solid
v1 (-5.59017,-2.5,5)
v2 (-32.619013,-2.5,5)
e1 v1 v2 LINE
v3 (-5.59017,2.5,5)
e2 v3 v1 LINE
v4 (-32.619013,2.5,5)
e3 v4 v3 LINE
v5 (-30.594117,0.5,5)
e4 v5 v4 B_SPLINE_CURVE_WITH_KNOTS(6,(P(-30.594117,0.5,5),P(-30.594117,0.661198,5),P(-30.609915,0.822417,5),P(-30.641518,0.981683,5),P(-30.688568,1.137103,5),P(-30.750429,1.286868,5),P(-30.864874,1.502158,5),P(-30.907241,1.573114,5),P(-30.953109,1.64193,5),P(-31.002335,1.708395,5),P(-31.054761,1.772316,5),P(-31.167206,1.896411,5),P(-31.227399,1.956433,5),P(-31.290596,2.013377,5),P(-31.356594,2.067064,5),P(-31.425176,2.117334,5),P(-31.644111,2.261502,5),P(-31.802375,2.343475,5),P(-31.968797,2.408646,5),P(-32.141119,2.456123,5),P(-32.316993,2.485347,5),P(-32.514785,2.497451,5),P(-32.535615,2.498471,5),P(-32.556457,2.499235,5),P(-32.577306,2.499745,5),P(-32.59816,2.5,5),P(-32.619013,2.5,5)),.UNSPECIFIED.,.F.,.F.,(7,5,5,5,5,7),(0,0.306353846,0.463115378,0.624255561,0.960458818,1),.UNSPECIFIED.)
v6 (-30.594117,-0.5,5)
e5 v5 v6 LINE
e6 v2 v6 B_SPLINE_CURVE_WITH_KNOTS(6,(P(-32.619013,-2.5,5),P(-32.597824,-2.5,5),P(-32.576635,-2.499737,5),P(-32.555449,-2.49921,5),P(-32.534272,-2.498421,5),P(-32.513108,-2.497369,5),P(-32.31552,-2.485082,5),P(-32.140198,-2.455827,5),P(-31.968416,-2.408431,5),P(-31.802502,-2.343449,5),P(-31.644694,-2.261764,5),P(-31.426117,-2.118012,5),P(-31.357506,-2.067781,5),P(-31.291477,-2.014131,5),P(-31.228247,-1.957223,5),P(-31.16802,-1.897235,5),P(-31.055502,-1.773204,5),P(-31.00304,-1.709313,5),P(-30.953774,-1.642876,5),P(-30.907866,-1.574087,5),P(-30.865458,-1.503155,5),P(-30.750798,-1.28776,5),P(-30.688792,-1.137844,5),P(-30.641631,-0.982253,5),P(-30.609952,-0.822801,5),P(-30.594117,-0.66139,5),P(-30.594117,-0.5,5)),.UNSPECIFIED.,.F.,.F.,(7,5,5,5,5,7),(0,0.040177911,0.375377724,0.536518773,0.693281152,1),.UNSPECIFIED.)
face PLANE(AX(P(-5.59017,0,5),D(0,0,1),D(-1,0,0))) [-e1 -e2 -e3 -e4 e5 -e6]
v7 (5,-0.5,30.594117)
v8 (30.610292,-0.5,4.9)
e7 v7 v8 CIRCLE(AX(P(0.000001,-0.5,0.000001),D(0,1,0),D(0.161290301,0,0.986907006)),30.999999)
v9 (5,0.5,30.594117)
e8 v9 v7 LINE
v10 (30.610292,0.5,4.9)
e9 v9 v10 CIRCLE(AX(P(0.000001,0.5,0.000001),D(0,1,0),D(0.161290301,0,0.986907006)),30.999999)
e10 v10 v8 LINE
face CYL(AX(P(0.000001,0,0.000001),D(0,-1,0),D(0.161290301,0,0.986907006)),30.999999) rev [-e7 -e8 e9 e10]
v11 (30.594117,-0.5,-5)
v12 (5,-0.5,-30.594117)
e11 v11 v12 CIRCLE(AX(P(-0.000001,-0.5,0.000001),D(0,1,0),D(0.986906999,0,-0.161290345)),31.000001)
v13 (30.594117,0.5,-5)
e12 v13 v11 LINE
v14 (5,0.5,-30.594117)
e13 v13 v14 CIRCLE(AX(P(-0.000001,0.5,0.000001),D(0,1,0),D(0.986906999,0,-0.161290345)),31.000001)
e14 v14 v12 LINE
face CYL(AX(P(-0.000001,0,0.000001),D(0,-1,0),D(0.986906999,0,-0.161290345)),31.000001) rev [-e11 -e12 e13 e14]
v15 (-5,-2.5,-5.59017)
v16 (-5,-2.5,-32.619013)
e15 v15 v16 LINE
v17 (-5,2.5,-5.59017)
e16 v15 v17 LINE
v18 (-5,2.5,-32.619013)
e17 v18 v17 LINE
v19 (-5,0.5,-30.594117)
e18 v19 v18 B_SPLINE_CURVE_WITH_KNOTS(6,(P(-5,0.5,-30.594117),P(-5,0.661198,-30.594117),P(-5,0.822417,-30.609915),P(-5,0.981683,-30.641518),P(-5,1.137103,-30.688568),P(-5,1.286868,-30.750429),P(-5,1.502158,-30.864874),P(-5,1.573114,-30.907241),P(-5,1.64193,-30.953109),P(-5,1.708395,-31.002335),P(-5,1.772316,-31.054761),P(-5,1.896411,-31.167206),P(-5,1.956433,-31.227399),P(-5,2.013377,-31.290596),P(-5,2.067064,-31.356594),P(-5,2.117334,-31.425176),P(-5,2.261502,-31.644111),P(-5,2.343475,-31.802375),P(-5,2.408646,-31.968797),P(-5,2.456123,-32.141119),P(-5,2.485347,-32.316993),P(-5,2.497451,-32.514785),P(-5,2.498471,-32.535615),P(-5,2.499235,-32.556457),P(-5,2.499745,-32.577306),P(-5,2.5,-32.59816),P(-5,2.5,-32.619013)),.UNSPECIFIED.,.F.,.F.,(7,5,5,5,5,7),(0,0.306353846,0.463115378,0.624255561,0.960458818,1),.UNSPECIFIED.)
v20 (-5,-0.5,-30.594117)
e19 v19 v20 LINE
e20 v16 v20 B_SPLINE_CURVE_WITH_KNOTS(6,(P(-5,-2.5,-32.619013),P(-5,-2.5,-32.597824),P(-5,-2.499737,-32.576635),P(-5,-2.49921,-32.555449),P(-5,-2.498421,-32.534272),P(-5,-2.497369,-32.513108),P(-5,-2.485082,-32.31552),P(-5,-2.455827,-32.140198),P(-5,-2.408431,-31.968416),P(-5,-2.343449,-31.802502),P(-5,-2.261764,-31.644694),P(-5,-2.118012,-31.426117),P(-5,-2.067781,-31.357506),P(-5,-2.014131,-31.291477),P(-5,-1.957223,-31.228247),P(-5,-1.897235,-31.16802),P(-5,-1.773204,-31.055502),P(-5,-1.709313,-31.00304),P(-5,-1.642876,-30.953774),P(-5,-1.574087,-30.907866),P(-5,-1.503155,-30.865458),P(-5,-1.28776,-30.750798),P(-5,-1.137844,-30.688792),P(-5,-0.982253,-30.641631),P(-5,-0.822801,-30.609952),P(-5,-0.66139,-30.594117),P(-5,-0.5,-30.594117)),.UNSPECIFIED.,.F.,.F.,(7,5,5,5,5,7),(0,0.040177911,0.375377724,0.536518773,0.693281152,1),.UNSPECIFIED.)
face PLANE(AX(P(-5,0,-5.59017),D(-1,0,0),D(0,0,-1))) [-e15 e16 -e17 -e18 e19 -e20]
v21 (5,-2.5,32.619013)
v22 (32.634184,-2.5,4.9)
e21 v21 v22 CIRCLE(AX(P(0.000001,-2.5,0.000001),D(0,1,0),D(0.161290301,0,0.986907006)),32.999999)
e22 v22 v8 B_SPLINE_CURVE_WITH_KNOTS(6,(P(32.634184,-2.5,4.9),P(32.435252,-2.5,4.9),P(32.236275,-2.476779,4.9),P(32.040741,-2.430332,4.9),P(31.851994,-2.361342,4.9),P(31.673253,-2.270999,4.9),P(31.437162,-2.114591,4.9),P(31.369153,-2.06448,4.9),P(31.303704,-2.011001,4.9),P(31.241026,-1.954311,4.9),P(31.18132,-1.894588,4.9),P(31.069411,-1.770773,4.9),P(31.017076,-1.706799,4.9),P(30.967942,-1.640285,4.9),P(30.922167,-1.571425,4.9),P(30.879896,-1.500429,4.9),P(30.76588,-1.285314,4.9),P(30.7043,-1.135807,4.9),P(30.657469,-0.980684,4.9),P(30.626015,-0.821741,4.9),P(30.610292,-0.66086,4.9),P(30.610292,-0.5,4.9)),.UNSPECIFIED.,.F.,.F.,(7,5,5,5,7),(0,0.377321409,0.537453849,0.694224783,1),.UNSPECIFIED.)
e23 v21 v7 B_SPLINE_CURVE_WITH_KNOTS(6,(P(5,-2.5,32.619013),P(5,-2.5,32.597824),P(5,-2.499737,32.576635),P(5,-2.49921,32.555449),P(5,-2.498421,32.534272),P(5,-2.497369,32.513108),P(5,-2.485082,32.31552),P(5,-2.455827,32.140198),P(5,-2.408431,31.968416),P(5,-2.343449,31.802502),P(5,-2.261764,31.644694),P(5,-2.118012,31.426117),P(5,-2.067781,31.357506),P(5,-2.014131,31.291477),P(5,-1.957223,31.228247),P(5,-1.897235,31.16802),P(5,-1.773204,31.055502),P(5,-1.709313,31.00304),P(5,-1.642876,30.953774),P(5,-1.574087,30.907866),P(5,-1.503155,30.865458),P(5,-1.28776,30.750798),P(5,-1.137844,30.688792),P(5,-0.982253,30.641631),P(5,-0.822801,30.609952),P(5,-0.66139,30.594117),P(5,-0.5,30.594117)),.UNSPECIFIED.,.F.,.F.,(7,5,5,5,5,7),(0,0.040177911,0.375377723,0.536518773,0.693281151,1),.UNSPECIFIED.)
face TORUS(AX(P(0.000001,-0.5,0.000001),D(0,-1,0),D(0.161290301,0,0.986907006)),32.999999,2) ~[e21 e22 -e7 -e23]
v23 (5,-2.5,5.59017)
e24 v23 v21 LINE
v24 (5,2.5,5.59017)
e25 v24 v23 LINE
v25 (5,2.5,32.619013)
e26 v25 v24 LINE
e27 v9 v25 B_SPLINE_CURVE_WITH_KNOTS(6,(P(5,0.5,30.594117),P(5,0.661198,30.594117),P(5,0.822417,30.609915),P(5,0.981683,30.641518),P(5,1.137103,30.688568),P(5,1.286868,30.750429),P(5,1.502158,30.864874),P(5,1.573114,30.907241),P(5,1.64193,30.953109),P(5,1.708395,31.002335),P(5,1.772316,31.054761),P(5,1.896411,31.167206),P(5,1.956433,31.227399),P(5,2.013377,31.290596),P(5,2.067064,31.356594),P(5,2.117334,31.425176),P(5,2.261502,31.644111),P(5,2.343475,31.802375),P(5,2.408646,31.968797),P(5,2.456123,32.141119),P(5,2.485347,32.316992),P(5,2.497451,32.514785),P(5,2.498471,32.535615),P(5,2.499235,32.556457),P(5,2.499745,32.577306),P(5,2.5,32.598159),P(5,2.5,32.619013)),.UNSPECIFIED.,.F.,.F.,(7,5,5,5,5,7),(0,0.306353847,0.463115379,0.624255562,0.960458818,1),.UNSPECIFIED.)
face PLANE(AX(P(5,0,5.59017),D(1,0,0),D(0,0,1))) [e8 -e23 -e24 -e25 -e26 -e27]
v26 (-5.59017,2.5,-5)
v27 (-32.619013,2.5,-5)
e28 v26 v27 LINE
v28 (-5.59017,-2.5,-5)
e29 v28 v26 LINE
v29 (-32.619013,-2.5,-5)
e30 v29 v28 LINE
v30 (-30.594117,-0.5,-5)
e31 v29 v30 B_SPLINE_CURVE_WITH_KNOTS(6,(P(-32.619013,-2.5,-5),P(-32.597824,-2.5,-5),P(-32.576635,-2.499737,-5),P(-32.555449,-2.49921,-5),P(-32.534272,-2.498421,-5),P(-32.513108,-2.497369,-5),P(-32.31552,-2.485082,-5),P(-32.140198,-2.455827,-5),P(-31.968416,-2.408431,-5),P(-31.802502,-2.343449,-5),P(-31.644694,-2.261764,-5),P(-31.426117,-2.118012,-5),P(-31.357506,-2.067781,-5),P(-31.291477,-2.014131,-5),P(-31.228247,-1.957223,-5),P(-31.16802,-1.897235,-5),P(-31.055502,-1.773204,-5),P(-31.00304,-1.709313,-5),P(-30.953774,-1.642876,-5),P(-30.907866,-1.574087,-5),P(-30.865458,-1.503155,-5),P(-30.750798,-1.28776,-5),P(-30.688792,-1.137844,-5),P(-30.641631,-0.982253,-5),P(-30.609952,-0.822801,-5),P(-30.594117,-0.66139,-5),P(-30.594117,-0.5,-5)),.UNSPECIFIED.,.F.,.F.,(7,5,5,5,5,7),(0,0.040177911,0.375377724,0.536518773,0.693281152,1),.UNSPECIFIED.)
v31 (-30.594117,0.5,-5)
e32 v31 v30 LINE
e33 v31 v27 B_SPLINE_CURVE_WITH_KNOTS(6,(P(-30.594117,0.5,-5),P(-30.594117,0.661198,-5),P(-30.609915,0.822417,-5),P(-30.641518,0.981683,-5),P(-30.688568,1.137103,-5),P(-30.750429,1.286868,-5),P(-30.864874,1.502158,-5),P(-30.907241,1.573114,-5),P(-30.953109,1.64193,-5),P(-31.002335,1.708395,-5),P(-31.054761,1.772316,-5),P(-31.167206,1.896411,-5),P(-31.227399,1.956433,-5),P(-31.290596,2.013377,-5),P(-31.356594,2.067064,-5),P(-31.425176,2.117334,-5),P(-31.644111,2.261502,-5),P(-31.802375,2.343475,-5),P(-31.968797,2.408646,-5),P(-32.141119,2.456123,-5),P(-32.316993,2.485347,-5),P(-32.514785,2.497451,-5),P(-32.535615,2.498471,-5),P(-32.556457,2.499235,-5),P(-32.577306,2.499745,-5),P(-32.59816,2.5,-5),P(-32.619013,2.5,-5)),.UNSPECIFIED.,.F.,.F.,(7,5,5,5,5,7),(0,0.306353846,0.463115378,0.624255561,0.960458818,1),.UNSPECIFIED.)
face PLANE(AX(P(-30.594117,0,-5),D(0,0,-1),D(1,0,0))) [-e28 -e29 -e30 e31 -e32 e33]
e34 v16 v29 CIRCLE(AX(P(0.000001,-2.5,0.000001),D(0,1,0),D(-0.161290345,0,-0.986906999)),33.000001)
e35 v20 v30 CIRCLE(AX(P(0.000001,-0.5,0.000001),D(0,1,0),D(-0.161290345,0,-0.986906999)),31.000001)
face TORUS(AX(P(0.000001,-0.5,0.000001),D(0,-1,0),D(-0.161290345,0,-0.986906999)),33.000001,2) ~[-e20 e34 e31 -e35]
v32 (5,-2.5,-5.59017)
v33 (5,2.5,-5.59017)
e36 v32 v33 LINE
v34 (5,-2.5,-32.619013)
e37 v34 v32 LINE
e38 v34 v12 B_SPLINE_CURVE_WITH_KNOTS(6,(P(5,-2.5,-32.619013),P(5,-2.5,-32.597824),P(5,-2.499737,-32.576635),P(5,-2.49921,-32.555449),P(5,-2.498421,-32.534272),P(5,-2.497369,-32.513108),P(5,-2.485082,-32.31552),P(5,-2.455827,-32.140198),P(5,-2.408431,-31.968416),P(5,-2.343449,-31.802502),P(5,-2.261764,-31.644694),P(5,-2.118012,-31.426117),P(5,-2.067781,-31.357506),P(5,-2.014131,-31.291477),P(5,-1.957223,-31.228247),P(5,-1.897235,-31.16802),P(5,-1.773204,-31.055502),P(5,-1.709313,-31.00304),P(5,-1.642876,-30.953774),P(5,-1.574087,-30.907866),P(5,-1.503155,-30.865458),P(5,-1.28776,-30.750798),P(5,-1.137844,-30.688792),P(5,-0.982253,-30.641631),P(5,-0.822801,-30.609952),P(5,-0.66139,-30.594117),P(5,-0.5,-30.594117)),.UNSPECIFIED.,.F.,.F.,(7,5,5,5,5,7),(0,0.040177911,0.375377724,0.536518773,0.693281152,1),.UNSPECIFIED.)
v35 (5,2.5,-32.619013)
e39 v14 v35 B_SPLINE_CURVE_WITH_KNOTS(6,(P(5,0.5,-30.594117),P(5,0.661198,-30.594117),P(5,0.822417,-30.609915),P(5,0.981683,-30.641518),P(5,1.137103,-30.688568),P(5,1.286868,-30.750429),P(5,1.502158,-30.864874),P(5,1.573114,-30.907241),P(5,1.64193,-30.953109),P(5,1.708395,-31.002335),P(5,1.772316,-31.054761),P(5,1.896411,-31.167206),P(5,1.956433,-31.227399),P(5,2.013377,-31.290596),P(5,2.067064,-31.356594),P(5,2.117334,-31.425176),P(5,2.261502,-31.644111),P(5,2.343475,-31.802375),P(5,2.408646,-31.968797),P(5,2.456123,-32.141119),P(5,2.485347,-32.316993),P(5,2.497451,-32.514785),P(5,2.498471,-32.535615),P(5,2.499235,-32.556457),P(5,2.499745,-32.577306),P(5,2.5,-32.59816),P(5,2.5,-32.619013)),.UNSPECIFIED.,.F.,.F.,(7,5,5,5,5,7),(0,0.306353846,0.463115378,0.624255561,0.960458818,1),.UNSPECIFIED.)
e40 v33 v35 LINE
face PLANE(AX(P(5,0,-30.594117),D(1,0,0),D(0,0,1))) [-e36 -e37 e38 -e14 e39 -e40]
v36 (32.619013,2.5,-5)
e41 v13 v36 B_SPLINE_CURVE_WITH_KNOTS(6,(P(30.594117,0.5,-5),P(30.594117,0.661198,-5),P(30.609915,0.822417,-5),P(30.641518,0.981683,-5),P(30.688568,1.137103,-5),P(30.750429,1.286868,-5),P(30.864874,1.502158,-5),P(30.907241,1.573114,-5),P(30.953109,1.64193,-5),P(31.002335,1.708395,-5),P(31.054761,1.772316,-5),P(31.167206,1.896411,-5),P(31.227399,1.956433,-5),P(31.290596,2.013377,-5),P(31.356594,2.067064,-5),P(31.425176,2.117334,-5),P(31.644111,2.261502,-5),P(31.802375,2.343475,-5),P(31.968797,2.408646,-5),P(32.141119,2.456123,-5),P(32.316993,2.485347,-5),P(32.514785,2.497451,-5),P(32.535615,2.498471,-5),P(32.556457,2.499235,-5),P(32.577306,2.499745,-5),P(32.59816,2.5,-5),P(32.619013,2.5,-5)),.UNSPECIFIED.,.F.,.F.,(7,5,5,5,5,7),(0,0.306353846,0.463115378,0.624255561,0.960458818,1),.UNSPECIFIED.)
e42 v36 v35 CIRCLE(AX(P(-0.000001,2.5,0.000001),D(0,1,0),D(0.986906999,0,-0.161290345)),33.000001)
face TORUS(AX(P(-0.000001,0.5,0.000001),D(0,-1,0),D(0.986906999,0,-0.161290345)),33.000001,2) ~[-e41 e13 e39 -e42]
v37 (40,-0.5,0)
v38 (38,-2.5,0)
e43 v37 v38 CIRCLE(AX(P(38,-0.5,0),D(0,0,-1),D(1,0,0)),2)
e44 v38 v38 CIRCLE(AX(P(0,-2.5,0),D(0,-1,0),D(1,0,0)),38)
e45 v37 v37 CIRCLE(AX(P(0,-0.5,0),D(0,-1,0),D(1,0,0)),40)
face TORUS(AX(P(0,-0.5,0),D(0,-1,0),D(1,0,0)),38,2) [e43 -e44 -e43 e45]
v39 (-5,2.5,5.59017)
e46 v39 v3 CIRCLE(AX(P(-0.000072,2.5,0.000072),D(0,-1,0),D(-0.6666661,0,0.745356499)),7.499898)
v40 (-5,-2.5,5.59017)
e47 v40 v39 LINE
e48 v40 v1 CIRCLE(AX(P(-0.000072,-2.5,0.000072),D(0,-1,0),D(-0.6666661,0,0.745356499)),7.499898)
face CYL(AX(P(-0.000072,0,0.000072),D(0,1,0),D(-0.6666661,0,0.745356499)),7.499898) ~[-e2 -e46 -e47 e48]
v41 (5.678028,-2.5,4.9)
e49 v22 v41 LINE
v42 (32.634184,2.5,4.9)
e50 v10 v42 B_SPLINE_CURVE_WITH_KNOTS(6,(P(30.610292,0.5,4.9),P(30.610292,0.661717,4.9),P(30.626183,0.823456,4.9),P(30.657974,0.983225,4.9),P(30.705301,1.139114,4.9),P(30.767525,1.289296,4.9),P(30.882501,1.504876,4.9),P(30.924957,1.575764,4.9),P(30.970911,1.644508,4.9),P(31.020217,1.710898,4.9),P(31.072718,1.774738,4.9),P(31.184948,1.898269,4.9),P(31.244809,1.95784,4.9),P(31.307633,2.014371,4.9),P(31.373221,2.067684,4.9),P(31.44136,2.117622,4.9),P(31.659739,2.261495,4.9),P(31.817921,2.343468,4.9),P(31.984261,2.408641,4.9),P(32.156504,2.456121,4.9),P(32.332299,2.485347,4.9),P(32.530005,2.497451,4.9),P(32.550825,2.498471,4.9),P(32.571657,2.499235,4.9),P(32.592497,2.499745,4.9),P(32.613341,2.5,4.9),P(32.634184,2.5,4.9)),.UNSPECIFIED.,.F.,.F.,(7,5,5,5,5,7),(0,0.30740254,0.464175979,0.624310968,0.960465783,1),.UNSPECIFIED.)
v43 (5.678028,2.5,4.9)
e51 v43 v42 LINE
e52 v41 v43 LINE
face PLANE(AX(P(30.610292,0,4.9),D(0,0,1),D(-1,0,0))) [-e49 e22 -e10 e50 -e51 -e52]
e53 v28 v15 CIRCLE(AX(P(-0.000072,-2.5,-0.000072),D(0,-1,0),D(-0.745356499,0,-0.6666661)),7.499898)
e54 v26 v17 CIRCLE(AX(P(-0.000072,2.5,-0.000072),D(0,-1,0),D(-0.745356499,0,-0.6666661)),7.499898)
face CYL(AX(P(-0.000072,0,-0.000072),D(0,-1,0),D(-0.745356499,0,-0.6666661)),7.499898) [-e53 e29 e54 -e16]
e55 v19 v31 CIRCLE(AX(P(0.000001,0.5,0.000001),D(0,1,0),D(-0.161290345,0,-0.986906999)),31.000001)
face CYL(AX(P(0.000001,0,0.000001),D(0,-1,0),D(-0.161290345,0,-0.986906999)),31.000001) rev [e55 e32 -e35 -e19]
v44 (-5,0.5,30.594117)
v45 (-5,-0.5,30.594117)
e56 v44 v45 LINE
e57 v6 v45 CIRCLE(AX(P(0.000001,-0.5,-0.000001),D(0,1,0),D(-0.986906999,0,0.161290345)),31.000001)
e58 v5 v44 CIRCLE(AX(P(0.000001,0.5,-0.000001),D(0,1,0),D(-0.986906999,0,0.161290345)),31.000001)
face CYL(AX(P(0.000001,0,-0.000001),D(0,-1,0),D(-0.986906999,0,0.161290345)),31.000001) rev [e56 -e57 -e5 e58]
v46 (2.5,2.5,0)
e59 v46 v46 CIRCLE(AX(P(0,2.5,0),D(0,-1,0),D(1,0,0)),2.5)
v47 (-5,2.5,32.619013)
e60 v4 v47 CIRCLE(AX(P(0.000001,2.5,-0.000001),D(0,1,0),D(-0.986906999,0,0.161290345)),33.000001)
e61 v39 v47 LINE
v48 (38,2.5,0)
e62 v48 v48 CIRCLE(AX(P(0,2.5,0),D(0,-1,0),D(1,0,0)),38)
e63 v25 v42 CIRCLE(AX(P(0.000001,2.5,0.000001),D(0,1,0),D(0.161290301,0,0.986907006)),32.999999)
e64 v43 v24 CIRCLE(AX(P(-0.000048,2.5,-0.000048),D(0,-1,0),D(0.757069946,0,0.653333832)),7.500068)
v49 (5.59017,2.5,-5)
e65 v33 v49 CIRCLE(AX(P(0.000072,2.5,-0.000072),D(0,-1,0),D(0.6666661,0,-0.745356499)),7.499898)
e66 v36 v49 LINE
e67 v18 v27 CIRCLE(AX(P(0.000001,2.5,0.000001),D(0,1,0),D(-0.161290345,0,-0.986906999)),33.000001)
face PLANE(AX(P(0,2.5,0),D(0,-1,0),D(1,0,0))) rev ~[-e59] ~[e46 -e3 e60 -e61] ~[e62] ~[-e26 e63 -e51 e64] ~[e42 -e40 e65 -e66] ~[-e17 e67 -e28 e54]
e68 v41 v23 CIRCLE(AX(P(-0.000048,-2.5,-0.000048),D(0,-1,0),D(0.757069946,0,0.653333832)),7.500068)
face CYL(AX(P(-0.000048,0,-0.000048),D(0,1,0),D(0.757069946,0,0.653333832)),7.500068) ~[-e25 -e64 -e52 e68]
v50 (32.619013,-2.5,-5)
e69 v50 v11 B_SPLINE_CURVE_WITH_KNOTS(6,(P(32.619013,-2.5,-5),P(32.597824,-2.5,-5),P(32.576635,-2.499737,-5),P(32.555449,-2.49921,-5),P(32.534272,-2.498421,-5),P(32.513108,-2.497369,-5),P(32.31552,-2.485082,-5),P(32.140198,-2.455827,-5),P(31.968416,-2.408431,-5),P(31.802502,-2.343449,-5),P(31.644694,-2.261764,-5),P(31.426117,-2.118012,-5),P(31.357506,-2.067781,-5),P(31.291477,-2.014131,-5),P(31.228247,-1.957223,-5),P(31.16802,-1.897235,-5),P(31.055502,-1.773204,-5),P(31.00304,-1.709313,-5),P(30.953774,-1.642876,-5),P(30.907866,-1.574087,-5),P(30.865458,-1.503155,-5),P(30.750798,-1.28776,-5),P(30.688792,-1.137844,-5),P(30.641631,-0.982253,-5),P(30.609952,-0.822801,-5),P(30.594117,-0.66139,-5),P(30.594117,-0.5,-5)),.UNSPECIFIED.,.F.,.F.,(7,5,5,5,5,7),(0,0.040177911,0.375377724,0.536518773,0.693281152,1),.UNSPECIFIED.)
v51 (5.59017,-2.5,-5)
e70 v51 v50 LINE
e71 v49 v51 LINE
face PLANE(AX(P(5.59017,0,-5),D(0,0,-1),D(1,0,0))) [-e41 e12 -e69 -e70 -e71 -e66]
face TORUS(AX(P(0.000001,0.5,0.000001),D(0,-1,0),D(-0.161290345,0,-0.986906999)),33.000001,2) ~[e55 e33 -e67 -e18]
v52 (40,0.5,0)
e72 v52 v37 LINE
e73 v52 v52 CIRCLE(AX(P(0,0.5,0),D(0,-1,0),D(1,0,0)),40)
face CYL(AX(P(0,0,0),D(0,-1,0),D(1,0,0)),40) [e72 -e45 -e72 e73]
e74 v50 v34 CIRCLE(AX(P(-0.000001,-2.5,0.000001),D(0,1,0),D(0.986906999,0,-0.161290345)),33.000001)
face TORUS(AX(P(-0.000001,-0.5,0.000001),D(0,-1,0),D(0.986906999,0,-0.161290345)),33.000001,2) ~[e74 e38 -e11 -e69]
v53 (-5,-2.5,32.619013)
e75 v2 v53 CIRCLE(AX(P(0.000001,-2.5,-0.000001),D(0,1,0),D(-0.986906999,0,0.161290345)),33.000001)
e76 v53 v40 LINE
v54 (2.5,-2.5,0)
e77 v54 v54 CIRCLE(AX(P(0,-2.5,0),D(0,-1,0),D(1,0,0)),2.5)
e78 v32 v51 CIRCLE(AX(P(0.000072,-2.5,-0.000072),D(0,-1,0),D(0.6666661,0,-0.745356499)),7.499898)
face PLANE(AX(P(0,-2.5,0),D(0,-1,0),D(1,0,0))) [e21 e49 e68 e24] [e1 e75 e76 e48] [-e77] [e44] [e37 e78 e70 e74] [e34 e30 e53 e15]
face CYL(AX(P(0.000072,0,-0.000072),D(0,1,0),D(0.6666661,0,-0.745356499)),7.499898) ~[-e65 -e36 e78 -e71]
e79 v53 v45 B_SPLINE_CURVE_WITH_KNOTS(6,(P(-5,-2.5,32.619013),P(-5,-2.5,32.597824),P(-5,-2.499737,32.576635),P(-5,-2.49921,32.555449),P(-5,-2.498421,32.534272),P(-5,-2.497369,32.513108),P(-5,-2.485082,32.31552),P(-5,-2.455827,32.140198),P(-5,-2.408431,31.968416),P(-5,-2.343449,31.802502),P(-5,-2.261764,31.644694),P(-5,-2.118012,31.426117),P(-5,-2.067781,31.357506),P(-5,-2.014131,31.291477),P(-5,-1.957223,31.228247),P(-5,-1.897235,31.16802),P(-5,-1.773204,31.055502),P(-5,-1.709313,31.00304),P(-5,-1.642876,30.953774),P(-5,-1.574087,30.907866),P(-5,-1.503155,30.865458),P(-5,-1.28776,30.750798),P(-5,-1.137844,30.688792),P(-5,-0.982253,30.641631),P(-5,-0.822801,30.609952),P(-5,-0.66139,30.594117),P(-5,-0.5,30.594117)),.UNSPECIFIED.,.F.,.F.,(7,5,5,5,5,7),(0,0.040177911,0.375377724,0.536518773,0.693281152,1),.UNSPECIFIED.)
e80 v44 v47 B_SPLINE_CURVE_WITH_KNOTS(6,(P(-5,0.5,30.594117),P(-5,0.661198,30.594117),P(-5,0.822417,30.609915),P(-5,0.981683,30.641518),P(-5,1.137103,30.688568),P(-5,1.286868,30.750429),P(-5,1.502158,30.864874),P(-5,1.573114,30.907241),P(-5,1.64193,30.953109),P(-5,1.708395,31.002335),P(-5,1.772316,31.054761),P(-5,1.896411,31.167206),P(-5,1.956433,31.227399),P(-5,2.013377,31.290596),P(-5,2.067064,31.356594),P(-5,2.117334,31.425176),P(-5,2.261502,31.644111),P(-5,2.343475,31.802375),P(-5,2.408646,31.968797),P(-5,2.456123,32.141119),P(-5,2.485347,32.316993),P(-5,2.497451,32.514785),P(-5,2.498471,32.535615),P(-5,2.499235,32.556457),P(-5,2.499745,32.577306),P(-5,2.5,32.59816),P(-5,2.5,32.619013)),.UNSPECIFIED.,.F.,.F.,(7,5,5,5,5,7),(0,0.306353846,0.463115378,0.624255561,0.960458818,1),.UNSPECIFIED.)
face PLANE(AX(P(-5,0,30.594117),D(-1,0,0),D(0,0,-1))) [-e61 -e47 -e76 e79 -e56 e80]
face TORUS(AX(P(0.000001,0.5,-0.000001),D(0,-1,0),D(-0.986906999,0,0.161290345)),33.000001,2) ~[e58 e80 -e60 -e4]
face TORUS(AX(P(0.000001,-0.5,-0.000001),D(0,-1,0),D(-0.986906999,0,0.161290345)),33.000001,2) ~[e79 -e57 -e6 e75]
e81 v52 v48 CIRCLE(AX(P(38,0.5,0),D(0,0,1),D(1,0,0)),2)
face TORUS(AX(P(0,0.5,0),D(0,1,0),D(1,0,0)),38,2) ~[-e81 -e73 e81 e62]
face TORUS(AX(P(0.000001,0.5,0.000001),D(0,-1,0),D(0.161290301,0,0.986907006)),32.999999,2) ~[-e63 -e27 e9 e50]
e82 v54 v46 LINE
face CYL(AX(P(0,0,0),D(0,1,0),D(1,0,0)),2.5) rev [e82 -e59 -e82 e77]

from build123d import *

# Parameters (mm, degrees)
F0_R     = 40
F0_R_2   = 2.5
F1_DEPTH = 2.5
F2_R     = 2


with BuildPart() as f1:
    # F0 (on Front) → F1 (new body, symmetric)
    with BuildSketch(Plane.XZ):
        Circle(F0_R)
        with BuildLine():
            ThreePointArc((-5, -30.594117), (-21.92031, -21.92031), (-30.594117, -5))
            Line((-30.594117, -5), (-5.59017, -5))
            ThreePointArc((-5.59017, -5), (-5.303301, -5.303301), (-5, -5.59017))
            Line((-5, -5.59017), (-5, -30.594117))
        make_face(mode=Mode.SUBTRACT)
        with BuildLine():
            Line((5, -30.594117), (5, -5.59017))
            ThreePointArc((5, -5.59017), (5.303301, -5.303301), (5.59017, -5))
            Line((5.59017, -5), (30.594117, -5))
            ThreePointArc((30.594117, -5), (21.92031, -21.92031), (5, -30.594117))
        make_face(mode=Mode.SUBTRACT)
        with BuildLine():
            Line((-5, 30.594117), (-5, 5.59017))
            ThreePointArc((-5, 5.59017), (-5.303301, 5.303301), (-5.59017, 5))
            Line((-5.59017, 5), (-30.594117, 5))
            ThreePointArc((-30.594117, 5), (-21.92031, 21.92031), (-5, 30.594117))
        make_face(mode=Mode.SUBTRACT)
        Circle(F0_R_2, mode=Mode.SUBTRACT)
        with BuildLine():
            ThreePointArc((5.678028, 4.9), (5.350154, 5.25603), (5, 5.59017))
            Line((5, 5.59017), (5, 30.594117))
            ThreePointArc((5, 30.594117), (21.956096, 21.884466), (30.610292, 4.9))
            Line((30.610292, 4.9), (5.678028, 4.9))
        make_face(mode=Mode.SUBTRACT)
    extrude(amount=F1_DEPTH, both=True)

    # F2
    f2_edges = [f1.edges().sort_by_distance(p)[0] for p in [
        (-40, 2.5, 0),
        (-40, -2.5, 0),
        (21.956096, 2.5, 21.884466),
        (-21.92031, 2.5, 21.92031),
        (21.92031, 2.5, -21.92031),
        (-21.92031, 2.5, -21.92031),
        (-21.92031, -2.5, 21.92031),
        (-21.92031, -2.5, -21.92031),
        (21.92031, -2.5, -21.92031),
        (21.956096, -2.5, 21.884466),
    ]]
    fillet(f2_edges, radius=F2_R)


solid = f1.part
